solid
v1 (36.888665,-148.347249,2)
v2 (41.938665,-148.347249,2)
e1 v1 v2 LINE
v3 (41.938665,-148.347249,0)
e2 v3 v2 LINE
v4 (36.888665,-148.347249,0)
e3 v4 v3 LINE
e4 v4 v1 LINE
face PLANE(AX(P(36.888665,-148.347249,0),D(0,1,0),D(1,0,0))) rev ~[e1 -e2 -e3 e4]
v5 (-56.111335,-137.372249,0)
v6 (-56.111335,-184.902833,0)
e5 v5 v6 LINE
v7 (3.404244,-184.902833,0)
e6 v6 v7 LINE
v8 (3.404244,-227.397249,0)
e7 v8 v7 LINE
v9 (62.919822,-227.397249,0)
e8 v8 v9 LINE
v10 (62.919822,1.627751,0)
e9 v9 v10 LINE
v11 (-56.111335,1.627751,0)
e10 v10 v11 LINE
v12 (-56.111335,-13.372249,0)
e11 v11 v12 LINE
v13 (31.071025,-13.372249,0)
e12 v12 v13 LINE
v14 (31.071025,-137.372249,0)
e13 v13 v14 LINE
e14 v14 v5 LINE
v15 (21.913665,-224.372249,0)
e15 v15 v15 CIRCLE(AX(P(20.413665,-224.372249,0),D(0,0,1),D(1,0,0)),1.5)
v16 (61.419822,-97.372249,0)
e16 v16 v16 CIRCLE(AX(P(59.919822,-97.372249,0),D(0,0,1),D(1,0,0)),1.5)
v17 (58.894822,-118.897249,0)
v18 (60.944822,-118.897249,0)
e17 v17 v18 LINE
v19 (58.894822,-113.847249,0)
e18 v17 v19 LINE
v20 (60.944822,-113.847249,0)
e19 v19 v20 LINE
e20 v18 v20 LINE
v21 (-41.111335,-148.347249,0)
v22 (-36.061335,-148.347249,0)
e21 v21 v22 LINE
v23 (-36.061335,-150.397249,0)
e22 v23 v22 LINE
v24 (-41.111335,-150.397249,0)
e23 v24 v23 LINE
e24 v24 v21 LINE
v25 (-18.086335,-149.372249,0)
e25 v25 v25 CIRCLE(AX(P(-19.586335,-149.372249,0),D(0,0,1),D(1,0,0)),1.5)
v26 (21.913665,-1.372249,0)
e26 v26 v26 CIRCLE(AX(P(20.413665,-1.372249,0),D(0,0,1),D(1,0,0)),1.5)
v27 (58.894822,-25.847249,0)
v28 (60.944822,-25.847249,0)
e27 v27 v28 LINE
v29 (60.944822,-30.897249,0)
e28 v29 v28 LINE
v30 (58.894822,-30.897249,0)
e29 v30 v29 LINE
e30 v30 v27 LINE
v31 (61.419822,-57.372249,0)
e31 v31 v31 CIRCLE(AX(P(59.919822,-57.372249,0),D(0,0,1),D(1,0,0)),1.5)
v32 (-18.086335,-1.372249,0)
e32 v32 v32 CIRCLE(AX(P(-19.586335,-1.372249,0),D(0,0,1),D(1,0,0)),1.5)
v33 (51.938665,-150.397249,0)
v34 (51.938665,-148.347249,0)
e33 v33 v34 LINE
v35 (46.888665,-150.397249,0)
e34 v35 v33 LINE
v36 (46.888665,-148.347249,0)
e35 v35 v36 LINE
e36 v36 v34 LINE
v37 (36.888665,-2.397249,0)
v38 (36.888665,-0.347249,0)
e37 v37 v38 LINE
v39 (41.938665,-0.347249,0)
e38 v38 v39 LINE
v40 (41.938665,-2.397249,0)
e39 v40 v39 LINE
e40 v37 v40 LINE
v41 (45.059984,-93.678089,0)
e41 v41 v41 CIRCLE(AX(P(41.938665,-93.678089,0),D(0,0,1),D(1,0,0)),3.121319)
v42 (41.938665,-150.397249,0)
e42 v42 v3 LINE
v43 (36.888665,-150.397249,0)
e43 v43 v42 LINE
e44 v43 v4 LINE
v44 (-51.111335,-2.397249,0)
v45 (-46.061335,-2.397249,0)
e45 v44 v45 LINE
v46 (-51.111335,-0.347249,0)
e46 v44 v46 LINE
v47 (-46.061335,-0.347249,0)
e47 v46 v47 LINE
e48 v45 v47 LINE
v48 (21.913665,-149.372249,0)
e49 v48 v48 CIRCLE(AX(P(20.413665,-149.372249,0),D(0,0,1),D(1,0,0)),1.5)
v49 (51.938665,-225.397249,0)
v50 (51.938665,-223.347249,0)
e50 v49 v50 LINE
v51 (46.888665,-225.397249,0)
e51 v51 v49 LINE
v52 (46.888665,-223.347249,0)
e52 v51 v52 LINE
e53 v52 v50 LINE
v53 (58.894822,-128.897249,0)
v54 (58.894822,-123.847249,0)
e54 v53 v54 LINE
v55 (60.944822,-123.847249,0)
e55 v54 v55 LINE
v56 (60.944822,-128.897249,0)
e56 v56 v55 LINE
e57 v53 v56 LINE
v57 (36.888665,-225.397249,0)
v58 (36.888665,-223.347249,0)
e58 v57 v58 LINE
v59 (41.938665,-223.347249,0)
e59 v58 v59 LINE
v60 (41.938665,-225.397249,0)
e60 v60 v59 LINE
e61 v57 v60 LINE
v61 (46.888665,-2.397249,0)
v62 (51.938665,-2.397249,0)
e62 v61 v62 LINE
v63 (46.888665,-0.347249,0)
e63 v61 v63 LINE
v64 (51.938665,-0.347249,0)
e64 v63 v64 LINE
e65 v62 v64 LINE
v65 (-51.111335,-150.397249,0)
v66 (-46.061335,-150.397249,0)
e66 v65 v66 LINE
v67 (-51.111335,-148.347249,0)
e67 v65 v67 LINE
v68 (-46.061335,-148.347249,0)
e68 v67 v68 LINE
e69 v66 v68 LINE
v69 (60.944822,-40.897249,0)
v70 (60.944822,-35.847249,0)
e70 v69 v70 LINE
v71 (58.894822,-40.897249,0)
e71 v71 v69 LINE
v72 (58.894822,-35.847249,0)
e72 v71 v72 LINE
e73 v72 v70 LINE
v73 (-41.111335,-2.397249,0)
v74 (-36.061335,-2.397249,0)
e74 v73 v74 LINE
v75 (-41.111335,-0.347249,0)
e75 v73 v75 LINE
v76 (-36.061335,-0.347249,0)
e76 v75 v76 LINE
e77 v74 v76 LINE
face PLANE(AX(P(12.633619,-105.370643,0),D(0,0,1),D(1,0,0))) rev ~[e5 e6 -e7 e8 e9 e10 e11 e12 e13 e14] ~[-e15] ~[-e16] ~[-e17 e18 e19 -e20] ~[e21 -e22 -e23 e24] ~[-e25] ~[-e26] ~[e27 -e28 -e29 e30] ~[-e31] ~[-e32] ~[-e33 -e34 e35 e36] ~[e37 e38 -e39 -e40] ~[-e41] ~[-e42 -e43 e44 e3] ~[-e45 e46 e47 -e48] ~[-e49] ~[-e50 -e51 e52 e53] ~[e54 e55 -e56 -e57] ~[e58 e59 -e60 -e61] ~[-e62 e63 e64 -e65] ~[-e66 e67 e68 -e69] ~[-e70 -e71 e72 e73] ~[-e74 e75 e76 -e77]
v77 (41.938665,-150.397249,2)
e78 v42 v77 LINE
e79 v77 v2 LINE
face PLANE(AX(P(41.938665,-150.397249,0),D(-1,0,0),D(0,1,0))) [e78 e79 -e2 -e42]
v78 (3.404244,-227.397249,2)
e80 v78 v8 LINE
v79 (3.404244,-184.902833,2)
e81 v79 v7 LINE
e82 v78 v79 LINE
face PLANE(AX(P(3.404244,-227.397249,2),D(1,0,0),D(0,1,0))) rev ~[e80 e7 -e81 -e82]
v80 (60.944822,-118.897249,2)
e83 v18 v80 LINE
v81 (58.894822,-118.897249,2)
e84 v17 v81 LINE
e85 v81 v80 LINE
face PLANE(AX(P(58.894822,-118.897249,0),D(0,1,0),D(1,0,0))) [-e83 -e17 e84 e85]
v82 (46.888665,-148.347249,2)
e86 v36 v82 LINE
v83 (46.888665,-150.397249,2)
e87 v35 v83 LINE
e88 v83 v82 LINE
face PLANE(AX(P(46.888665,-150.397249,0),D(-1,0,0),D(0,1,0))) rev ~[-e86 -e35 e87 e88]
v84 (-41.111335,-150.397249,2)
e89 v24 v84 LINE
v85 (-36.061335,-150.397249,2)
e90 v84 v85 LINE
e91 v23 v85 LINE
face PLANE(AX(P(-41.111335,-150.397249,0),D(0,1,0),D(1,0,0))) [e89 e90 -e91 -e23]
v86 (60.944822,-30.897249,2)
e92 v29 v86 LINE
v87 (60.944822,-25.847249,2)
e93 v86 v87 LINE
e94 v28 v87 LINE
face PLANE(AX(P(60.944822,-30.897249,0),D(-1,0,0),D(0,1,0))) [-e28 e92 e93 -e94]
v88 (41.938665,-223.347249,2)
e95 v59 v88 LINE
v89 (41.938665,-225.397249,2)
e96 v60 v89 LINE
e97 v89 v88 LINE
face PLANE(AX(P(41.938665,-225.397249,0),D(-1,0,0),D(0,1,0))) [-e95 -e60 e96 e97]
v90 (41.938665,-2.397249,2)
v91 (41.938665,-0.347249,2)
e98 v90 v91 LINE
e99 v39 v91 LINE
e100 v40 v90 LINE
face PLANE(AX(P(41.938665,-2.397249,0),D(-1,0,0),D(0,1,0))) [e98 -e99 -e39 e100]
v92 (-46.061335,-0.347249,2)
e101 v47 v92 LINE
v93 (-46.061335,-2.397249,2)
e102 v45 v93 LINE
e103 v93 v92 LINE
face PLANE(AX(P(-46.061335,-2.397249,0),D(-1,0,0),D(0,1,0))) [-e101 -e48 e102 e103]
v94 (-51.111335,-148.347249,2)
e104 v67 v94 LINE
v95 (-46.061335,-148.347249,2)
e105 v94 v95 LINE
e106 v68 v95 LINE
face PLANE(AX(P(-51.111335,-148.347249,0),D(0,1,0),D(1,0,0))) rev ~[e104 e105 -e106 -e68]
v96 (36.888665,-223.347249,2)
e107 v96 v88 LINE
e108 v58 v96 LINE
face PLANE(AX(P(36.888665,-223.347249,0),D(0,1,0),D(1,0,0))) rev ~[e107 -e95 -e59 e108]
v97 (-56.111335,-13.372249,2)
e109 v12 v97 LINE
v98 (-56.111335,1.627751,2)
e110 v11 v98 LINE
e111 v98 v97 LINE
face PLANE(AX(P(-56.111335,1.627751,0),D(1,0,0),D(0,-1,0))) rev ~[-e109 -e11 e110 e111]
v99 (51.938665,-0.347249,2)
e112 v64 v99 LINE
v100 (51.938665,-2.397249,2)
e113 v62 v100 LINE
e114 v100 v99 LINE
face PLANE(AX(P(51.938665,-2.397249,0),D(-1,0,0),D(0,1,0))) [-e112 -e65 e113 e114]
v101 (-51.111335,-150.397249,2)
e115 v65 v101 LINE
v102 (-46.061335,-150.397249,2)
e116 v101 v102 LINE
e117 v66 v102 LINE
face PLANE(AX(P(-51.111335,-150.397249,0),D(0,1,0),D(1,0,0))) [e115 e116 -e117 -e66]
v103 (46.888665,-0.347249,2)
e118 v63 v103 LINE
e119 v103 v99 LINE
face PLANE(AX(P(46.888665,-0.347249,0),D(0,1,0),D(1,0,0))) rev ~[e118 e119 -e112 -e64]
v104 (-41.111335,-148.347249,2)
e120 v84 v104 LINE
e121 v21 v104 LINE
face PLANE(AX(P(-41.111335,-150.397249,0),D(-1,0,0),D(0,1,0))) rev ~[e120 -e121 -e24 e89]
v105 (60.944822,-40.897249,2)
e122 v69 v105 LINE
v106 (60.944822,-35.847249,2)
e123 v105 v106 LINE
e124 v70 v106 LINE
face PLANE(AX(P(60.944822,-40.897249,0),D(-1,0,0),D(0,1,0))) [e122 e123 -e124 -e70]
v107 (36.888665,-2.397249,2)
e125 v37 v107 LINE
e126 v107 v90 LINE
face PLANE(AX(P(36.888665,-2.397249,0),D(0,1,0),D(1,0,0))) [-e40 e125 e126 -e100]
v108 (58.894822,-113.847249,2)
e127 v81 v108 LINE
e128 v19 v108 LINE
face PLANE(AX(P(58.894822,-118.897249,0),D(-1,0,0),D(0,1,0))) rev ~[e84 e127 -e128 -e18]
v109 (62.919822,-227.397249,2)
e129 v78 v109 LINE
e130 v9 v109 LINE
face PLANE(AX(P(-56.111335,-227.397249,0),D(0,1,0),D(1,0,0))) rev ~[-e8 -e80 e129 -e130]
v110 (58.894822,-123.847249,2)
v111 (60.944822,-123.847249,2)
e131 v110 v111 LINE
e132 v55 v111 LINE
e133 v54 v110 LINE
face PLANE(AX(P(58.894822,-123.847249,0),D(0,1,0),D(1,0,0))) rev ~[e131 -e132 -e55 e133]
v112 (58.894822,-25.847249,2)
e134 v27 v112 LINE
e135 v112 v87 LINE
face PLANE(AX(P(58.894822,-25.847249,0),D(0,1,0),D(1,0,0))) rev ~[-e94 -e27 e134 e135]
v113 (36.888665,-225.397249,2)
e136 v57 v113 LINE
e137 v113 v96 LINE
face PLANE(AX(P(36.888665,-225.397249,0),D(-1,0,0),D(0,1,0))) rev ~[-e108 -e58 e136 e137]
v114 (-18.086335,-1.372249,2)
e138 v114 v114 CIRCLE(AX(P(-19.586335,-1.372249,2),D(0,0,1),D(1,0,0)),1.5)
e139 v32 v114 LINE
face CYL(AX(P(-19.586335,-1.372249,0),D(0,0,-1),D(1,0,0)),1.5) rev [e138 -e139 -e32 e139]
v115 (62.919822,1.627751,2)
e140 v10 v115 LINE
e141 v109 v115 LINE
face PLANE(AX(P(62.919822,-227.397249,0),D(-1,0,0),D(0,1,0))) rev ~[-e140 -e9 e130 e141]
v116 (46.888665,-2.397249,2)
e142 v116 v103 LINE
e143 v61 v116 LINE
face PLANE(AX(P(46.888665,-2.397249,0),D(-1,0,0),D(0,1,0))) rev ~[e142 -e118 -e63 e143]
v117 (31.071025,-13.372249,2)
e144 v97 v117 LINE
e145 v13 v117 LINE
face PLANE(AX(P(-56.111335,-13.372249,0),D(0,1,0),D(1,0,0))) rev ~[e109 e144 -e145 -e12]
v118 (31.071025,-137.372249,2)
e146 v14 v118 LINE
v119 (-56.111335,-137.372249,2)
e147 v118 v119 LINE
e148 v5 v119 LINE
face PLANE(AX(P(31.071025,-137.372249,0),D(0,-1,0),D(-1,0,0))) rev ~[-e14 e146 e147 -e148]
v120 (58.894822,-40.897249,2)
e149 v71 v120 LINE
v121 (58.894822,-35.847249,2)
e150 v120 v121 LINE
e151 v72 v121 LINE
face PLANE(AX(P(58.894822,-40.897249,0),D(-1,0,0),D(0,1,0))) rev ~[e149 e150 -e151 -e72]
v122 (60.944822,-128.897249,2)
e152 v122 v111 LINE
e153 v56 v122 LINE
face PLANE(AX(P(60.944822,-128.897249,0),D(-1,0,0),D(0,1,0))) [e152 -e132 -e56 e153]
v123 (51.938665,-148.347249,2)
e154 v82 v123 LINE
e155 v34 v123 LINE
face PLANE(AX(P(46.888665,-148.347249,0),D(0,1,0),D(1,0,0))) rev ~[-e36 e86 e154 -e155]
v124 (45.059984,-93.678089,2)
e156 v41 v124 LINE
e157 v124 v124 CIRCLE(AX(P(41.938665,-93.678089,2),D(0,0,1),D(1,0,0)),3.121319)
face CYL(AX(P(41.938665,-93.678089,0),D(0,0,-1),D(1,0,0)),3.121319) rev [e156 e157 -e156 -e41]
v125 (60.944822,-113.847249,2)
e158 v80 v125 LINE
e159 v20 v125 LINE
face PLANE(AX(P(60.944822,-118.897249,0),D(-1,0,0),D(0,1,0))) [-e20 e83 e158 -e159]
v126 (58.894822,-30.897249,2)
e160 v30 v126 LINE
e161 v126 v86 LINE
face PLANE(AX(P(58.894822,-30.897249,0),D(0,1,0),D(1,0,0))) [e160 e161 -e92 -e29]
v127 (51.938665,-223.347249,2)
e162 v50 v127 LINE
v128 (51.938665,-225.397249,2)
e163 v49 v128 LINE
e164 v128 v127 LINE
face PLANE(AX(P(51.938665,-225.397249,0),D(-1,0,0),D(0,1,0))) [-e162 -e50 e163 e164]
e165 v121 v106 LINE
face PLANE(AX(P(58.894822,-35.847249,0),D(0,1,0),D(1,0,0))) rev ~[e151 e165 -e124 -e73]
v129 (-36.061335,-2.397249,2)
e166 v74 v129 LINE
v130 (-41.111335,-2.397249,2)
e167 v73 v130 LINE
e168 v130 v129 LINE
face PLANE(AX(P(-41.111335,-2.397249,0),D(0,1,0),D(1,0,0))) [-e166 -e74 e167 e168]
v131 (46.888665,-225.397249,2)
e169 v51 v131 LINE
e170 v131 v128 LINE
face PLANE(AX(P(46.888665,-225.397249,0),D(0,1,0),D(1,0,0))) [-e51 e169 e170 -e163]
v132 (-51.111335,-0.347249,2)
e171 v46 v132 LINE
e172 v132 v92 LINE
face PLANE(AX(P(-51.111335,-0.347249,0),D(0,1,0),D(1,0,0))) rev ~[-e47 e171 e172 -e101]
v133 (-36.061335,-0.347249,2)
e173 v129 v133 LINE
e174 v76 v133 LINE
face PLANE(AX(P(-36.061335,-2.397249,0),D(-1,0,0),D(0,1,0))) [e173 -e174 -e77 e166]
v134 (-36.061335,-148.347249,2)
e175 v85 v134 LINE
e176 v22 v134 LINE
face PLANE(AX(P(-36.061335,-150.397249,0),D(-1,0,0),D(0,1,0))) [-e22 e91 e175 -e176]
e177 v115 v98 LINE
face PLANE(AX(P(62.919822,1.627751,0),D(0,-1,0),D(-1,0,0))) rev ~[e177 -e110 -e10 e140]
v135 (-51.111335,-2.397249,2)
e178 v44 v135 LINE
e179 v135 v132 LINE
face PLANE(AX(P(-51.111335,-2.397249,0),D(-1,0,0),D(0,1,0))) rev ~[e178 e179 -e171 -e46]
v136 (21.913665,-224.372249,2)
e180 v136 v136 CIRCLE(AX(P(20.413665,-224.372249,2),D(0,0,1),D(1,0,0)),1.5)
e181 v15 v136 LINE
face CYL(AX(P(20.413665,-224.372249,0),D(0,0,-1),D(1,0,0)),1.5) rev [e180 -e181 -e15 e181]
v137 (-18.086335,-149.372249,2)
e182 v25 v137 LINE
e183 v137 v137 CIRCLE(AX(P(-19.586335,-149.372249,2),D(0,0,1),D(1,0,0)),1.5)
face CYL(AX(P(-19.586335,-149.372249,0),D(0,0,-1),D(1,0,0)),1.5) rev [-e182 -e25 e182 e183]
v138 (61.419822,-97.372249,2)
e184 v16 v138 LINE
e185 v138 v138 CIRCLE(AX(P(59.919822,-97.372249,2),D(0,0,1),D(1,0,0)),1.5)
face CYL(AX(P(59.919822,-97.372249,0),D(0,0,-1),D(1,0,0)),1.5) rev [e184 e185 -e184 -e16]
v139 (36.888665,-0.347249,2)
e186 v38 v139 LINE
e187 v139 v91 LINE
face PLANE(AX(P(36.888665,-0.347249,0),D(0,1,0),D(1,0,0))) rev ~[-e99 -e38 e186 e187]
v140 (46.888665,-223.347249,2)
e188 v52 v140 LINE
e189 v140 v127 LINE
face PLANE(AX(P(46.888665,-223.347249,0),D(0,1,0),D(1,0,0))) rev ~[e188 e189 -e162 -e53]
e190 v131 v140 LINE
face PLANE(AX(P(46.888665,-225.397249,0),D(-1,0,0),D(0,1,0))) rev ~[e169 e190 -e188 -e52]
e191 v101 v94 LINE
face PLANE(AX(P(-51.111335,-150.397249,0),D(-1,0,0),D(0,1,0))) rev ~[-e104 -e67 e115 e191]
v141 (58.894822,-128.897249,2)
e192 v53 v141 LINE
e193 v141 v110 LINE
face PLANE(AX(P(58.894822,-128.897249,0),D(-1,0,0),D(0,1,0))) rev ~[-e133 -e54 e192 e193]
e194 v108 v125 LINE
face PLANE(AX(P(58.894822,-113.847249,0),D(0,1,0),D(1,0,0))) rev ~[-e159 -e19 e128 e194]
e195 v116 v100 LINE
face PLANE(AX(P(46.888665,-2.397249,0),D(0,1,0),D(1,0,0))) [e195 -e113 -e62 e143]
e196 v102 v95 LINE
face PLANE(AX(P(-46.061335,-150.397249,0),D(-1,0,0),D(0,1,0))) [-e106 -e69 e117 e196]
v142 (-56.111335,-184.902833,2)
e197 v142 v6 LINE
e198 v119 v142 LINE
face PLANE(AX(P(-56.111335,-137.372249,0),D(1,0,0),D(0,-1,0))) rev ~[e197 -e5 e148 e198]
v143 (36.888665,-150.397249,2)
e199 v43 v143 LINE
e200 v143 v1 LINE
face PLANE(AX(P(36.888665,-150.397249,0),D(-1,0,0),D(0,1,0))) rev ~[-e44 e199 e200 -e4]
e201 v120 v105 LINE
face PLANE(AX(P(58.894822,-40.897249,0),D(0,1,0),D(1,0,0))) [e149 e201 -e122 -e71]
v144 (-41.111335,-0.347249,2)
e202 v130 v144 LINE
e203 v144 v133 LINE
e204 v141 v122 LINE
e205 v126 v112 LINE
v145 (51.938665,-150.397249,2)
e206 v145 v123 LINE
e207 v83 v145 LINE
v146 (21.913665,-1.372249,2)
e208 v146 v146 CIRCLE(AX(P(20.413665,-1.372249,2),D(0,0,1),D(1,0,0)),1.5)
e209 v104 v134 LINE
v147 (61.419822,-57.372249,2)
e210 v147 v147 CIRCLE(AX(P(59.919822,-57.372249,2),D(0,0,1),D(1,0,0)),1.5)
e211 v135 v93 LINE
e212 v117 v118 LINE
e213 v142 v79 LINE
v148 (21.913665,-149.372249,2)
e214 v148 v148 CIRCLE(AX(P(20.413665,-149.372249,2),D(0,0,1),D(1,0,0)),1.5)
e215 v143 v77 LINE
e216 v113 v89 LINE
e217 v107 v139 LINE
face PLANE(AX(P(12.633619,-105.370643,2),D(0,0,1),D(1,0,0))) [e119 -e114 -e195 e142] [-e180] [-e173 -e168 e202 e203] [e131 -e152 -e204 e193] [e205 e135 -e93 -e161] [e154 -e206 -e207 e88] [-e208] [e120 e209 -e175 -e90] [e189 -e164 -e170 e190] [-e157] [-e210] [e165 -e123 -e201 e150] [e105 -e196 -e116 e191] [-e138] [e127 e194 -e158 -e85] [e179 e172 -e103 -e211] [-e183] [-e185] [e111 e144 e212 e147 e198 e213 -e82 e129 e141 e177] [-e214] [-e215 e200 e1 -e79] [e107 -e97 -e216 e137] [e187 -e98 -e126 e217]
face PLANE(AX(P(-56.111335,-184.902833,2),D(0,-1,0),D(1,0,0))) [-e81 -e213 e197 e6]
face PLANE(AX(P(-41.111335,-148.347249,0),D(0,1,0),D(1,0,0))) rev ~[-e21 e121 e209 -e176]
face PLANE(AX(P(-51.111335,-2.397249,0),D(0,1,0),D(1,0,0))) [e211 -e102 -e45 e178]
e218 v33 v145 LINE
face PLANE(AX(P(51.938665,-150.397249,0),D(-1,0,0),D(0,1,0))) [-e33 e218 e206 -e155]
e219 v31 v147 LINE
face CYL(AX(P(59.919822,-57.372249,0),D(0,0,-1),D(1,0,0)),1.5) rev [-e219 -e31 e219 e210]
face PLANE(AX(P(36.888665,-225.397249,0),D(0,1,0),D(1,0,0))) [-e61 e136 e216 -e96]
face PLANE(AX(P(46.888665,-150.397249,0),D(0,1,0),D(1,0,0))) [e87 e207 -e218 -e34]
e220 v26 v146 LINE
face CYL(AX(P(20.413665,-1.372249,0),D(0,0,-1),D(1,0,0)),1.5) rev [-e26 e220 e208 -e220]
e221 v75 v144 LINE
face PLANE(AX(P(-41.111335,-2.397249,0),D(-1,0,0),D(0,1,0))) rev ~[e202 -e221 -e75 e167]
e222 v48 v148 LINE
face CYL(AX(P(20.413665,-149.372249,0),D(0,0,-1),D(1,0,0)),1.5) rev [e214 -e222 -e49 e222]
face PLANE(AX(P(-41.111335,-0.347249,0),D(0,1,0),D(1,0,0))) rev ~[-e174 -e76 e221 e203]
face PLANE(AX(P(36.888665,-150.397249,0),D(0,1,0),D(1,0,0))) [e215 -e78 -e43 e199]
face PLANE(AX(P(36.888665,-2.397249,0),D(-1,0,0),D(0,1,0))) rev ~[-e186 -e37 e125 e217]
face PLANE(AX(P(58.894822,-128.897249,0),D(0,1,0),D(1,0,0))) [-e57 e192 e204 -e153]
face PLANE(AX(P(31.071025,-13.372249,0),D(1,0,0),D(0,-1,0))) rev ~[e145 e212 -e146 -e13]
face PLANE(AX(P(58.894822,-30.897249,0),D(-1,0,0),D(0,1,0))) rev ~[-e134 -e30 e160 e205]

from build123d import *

# Parameters (mm, degrees)
SKETCH_1_R          = 1.5
SKETCH_1_R_2        = 3.121318996
SKETCH_1_W          = 5.05
SKETCH_1_H          = 2.05
SKETCH_1_W_2        = 2.05
SKETCH_1_H_2        = 5.05
EXTRUDE_1_DEPTH     = 2
SKETCH_2_W          = 59.515578234
SKETCH_2_H          = 42.494416296
CUT_EXTRUDE_1_DEPTH = 10


with BuildPart() as part:
    # 草图1 → 凸台-拉伸1 (new body)
    with BuildSketch(Plane.XY):
        Polygon((-56.111334712, -13.372248853), (31.071025228, -13.372248853), (31.071025228, -137.372248853), (-56.111334712, -137.372248853), (-56.111334712, -152.372248853), (-56.111334712, -227.397248853), (62.919821756, -227.397248853), (62.919821756, -152.372248853), (62.919821756, 1.627751147), (-56.111334712, 1.627751147), align=None)
        with Locations((-19.586334712, -1.372248853)):
            Circle(SKETCH_1_R, mode=Mode.SUBTRACT)
        with Locations((20.413665288, -1.372248853)):
            Circle(SKETCH_1_R, mode=Mode.SUBTRACT)
        with Locations((-19.586334712, -149.372248853)):
            Circle(SKETCH_1_R, mode=Mode.SUBTRACT)
        with Locations((20.413665288, -149.372248853)):
            Circle(SKETCH_1_R, mode=Mode.SUBTRACT)
        with Locations((59.919821756, -97.372248853)):
            Circle(SKETCH_1_R, mode=Mode.SUBTRACT)
        with Locations((59.919821756, -57.372248853)):
            Circle(SKETCH_1_R, mode=Mode.SUBTRACT)
        with Locations((41.938665288, -93.678088908)):
            Circle(SKETCH_1_R_2, mode=Mode.SUBTRACT)
        with Locations((-19.586334712, -224.372248853)):
            Circle(SKETCH_1_R, mode=Mode.SUBTRACT)
        with Locations((20.413665288, -224.372248853)):
            Circle(SKETCH_1_R, mode=Mode.SUBTRACT)
        with Locations((39.413665288, -1.372248853)):
            Rectangle(SKETCH_1_W, SKETCH_1_H, mode=Mode.SUBTRACT)
        with Locations((49.413665288, -1.372248853)):
            Rectangle(SKETCH_1_W, SKETCH_1_H, mode=Mode.SUBTRACT)
        with Locations((-48.586334712, -1.372248853)):
            Rectangle(SKETCH_1_W, SKETCH_1_H, mode=Mode.SUBTRACT)
        with Locations((-38.586334712, -1.372248853)):
            Rectangle(SKETCH_1_W, SKETCH_1_H, mode=Mode.SUBTRACT)
        with Locations((39.413665288, -149.372248853)):
            Rectangle(SKETCH_1_W, SKETCH_1_H, mode=Mode.SUBTRACT)
        with Locations((49.413665288, -149.372248853)):
            Rectangle(SKETCH_1_W, SKETCH_1_H, mode=Mode.SUBTRACT)
        with Locations((-48.586334712, -149.372248853)):
            Rectangle(SKETCH_1_W, SKETCH_1_H, mode=Mode.SUBTRACT)
        with Locations((-38.586334712, -149.372248853)):
            Rectangle(SKETCH_1_W, SKETCH_1_H, mode=Mode.SUBTRACT)
        with Locations((59.919821756, -38.372248853)):
            Rectangle(SKETCH_1_W_2, SKETCH_1_H_2, mode=Mode.SUBTRACT)
        with Locations((59.919821756, -28.372248853)):
            Rectangle(SKETCH_1_W_2, SKETCH_1_H_2, mode=Mode.SUBTRACT)
        with Locations((59.919821756, -126.372248853)):
            Rectangle(SKETCH_1_W_2, SKETCH_1_H_2, mode=Mode.SUBTRACT)
        with Locations((59.919821756, -116.372248853)):
            Rectangle(SKETCH_1_W_2, SKETCH_1_H_2, mode=Mode.SUBTRACT)
        with Locations((39.413665288, -224.372248853)):
            Rectangle(SKETCH_1_W, SKETCH_1_H, mode=Mode.SUBTRACT)
        with Locations((49.413665288, -224.372248853)):
            Rectangle(SKETCH_1_W, SKETCH_1_H, mode=Mode.SUBTRACT)
        with Locations((-48.586334712, -224.372248853)):
            Rectangle(SKETCH_1_W, SKETCH_1_H, mode=Mode.SUBTRACT)
        with Locations((-38.586334712, -224.372248853)):
            Rectangle(SKETCH_1_W, SKETCH_1_H, mode=Mode.SUBTRACT)
    extrude(amount=EXTRUDE_1_DEPTH)

    # 草图2 → 切除-拉伸1 (cut)
    with BuildSketch(Plane.XY.offset(2)):
        with Locations((-26.353545595, -206.150040705)):
            Rectangle(SKETCH_2_W, SKETCH_2_H)
    extrude(amount=-CUT_EXTRUDE_1_DEPTH, mode=Mode.SUBTRACT)


solid = part.part
